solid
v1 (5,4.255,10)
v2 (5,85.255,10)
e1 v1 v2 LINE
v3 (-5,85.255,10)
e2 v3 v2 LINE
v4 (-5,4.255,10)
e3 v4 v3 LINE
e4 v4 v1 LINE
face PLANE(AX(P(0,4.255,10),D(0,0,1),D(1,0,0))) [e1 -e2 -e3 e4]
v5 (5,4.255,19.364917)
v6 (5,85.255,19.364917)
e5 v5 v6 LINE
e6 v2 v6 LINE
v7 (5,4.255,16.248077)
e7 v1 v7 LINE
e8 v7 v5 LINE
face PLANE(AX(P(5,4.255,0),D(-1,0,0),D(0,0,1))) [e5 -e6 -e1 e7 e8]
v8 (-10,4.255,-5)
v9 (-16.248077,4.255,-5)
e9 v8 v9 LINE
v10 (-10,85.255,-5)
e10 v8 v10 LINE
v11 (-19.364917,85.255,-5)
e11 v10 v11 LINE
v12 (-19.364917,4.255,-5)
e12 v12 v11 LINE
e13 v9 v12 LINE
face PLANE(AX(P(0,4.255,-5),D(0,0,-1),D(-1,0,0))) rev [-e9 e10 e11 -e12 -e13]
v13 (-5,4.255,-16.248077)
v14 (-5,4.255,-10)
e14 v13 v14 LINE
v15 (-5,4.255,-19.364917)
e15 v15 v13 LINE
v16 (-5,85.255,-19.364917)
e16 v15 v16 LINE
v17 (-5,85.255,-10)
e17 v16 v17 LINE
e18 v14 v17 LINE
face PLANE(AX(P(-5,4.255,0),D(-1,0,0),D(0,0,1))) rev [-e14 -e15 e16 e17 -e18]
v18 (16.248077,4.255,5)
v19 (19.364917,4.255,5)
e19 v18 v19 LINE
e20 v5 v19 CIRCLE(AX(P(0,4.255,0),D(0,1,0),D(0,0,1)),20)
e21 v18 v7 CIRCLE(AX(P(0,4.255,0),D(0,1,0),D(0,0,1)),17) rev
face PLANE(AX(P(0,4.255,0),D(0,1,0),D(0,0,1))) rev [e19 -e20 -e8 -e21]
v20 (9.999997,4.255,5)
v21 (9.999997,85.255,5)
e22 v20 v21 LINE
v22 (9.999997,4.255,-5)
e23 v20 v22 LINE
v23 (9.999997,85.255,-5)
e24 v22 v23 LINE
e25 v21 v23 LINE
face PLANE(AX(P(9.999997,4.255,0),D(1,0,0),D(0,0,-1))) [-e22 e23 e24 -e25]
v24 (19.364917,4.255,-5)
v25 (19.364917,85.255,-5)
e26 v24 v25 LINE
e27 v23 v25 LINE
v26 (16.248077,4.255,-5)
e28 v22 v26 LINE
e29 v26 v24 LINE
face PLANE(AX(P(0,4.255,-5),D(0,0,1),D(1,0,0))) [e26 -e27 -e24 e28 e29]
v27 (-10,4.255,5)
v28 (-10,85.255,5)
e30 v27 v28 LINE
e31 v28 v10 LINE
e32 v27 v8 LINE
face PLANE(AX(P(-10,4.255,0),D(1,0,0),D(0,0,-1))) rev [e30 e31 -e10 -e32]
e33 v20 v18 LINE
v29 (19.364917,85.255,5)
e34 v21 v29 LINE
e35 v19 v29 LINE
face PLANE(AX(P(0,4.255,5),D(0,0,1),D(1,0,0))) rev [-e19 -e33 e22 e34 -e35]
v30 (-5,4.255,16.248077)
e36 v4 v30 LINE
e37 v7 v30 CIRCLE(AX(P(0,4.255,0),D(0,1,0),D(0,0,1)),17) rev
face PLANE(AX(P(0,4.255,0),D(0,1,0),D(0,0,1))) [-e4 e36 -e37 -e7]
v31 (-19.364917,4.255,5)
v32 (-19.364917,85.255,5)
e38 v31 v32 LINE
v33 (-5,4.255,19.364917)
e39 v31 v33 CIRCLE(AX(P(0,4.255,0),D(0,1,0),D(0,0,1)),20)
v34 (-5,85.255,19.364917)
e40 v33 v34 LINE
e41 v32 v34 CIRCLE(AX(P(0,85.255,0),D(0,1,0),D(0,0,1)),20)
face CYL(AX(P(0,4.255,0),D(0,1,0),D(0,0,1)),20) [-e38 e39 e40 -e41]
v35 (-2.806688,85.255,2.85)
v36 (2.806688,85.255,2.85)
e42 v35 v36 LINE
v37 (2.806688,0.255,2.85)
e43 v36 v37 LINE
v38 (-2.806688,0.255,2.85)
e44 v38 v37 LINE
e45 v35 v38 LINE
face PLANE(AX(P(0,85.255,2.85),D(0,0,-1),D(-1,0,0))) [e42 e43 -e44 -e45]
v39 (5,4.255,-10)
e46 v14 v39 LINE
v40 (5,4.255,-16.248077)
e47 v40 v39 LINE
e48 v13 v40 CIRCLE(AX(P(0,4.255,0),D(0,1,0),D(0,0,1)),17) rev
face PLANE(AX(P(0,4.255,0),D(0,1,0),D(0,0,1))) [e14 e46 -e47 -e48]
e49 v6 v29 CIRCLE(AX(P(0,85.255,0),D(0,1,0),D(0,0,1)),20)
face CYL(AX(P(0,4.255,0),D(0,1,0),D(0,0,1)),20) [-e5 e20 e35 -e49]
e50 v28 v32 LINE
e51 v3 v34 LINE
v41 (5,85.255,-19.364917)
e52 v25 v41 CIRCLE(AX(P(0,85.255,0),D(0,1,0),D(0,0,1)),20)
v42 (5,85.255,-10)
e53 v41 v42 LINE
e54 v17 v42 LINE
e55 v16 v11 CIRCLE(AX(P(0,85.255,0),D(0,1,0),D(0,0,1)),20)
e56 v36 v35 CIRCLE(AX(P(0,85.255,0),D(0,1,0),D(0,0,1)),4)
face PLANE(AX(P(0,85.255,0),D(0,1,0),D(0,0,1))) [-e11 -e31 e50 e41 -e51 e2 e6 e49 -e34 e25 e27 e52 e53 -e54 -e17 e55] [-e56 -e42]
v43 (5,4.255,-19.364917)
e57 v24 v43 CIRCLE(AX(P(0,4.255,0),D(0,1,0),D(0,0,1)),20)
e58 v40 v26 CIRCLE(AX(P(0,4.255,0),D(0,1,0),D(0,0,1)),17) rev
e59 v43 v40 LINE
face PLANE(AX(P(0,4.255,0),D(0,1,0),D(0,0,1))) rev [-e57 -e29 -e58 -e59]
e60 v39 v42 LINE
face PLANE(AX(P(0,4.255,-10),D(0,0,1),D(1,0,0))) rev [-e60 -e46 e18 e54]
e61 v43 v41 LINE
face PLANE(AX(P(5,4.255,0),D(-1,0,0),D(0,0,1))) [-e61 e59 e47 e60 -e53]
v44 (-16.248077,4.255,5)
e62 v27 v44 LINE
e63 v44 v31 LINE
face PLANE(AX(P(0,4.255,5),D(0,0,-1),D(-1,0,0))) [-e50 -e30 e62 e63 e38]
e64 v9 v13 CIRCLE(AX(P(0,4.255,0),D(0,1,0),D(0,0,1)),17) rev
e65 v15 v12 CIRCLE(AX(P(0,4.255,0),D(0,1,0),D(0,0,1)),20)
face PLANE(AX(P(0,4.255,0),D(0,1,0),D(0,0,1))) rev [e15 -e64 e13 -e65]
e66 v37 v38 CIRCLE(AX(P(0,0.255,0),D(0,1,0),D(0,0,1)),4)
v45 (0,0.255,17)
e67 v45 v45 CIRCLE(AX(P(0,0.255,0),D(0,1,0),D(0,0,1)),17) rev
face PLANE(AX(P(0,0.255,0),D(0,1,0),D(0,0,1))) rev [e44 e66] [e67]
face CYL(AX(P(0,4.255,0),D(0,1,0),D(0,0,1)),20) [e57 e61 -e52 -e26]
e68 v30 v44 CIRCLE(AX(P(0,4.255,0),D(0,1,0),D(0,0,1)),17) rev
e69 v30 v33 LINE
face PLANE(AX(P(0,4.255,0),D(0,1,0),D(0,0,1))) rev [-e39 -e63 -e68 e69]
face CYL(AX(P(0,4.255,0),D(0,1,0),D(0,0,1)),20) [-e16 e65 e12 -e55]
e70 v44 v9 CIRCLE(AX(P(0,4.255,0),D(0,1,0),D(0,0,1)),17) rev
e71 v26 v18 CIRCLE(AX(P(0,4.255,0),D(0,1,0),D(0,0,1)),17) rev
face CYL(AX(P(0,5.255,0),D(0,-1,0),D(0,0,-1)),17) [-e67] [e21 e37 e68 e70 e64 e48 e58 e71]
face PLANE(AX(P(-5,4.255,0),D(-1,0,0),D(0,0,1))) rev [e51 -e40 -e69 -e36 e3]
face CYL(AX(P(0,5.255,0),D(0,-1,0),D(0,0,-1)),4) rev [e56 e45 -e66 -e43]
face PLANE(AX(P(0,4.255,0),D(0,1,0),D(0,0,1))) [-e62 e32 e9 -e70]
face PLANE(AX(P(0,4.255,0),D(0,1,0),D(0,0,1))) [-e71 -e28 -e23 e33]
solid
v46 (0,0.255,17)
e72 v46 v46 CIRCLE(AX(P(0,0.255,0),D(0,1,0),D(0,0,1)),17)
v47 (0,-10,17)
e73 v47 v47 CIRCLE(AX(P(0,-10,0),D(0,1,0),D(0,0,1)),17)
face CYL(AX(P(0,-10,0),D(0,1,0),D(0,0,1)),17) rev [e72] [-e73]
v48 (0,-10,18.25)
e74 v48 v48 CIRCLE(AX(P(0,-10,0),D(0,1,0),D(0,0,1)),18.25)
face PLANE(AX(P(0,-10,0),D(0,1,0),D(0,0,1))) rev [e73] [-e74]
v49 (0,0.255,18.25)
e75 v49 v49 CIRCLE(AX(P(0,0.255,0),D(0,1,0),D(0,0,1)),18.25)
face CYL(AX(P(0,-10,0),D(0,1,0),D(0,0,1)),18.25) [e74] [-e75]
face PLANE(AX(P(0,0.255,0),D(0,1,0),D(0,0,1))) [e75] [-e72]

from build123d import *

# Parameters (mm, degrees)
BOSS_EXTRUDE8_DEPTH           = 0.255
BOSS_EXTRUDE8_DEPTH_BACK      = 10
SKETCH13_R                    = 18.25
SKETCH13_R_2                  = 17
SKETCH14_R                    = 17
SKETCH14_R_2                  = 4
BOSS_EXTRUDE17_DEPTH          = 5
CONNECTOR_CYLINDER_DEPTH      = 80
CONNECTOR_CYLINDER_DEPTH_BACK = 1
SKETCH21_R                    = 20
SKETCH23_R                    = 4
CUT_EXTRUDE4_DEPTH            = 96.3
CONNECTOR_CYLINDER_CUT_DEPTH  = 81
KEY_CUT_DEPTH                 = 85


with BuildPart() as part:
    # Sketch13 → Boss-Extrude8 (new, two sides: drawn at the far end of the back side and taken through both)
    with BuildSketch(Plane(origin=(0, 0, 0), x_dir=(1, 0, 0), z_dir=(0, 1, 0)).offset(-BOSS_EXTRUDE8_DEPTH_BACK)):
        with Locations(Location((0, 0, 0), (0, 0, 270))):
            Circle(SKETCH13_R)
        with Locations(Location((0, 0, 0), (0, 0, 270))):
            Circle(SKETCH13_R_2, mode=Mode.SUBTRACT)
    extrude(amount=BOSS_EXTRUDE8_DEPTH + BOSS_EXTRUDE8_DEPTH_BACK)


with BuildPart() as body_2:
    # Sketch14 → Boss-Extrude17 (new body)
    # profile 1 of 2: a face of its own
    with BuildSketch(Plane(origin=(0, 0.255, 0), x_dir=(1, 0, 0), z_dir=(0, 1, 0))):
        with Locations(Location((0, 0, 0), (0, 0, 270))):
            Circle(SKETCH14_R)
        Circle(SKETCH14_R_2, mode=Mode.SUBTRACT)
    # profile 2 of 2: a face of its own
    with BuildSketch(Plane(origin=(0, 0.255, 0), x_dir=(1, 0, 0), z_dir=(0, 1, 0))):
        with BuildLine():
            ThreePointArc((2.066246597, 3.425), (0, 4), (-2.066246597, 3.425))
            Line((-2.066246597, 3.425), (0, 3.425))
            Line((0, 3.425), (2.066246597, 3.425))
        make_face()
    extrude(amount=BOSS_EXTRUDE17_DEPTH)

    # Sketch21 → Connector Cylinder (add, two sides: drawn at the far end of the back side and taken through both)
    with BuildSketch(Plane(origin=(0, 5.255, 0), x_dir=(1, 0, 0), z_dir=(0, 1, 0)).offset(-CONNECTOR_CYLINDER_DEPTH_BACK)):
        with Locations(Location((0, 0, 0), (0, 0, 270))):
            Circle(SKETCH21_R)
    extrude(amount=CONNECTOR_CYLINDER_DEPTH + CONNECTOR_CYLINDER_DEPTH_BACK)

    # Sketch23 → Cut-Extrude4 (cut)
    with BuildSketch(Plane(origin=(0, 85.255, 0), x_dir=(1, 0, 0), z_dir=(0, 1, 0))):
        with Locations(Location((0, 0, 0), (0, 0, 270))):
            Circle(SKETCH23_R)
    extrude(amount=-CUT_EXTRUDE4_DEPTH, mode=Mode.SUBTRACT)

    # Sketch22 → Connector Cylinder Cut (cut)
    with BuildSketch(Plane(origin=(0, 85.255, 0), x_dir=(1, 0, 0), z_dir=(0, 1, 0))):
        with BuildLine():
            ThreePointArc((-5, -19.364916731), (0, -20), (5, -19.364916731))
            Line((5, -19.364916731), (5, -10))
            Line((5, -10), (-5, -10))
            Line((-5, -10), (-5, -19.364916731))
        make_face()
        with BuildLine():
            ThreePointArc((-19.364916731, 5), (-20, 0), (-19.364916731, -5))
            Line((-19.364916731, -5), (-10, -5))
            Line((-10, -5), (-10, 5))
            Line((-10, 5), (-19.364916731, 5))
        make_face()
        with BuildLine():
            Line((5, 10), (5, 19.364916731))
            ThreePointArc((5, 19.364916731), (0, 20), (-5, 19.364916731))
            Line((-5, 19.364916731), (-5, 10))
            Line((-5, 10), (5, 10))
        make_face()
        with BuildLine():
            Line((9.999996731, 5), (9.999996731, -5))
            Line((9.999996731, -5), (19.364916731, -5))
            ThreePointArc((19.364916731, -5), (19.840593925, -2.52008585), (20, 0))
            ThreePointArc((20, 0), (19.840593925, 2.52008585), (19.364916731, 5))
            Line((19.364916731, 5), (9.999996731, 5))
        make_face()
    extrude(amount=-CONNECTOR_CYLINDER_CUT_DEPTH, mode=Mode.SUBTRACT)

    # Sketch25 → Key Cut (add)
    with BuildSketch(Plane.XZ.offset(-0.255)):
        with BuildLine():
            ThreePointArc((2.80668844, 2.85), (0, 4), (-2.80668844, 2.85))
            Line((-2.80668844, 2.85), (2.80668844, 2.85))
        make_face()
    extrude(amount=-KEY_CUT_DEPTH)


solid = Compound([part.part, body_2.part])
